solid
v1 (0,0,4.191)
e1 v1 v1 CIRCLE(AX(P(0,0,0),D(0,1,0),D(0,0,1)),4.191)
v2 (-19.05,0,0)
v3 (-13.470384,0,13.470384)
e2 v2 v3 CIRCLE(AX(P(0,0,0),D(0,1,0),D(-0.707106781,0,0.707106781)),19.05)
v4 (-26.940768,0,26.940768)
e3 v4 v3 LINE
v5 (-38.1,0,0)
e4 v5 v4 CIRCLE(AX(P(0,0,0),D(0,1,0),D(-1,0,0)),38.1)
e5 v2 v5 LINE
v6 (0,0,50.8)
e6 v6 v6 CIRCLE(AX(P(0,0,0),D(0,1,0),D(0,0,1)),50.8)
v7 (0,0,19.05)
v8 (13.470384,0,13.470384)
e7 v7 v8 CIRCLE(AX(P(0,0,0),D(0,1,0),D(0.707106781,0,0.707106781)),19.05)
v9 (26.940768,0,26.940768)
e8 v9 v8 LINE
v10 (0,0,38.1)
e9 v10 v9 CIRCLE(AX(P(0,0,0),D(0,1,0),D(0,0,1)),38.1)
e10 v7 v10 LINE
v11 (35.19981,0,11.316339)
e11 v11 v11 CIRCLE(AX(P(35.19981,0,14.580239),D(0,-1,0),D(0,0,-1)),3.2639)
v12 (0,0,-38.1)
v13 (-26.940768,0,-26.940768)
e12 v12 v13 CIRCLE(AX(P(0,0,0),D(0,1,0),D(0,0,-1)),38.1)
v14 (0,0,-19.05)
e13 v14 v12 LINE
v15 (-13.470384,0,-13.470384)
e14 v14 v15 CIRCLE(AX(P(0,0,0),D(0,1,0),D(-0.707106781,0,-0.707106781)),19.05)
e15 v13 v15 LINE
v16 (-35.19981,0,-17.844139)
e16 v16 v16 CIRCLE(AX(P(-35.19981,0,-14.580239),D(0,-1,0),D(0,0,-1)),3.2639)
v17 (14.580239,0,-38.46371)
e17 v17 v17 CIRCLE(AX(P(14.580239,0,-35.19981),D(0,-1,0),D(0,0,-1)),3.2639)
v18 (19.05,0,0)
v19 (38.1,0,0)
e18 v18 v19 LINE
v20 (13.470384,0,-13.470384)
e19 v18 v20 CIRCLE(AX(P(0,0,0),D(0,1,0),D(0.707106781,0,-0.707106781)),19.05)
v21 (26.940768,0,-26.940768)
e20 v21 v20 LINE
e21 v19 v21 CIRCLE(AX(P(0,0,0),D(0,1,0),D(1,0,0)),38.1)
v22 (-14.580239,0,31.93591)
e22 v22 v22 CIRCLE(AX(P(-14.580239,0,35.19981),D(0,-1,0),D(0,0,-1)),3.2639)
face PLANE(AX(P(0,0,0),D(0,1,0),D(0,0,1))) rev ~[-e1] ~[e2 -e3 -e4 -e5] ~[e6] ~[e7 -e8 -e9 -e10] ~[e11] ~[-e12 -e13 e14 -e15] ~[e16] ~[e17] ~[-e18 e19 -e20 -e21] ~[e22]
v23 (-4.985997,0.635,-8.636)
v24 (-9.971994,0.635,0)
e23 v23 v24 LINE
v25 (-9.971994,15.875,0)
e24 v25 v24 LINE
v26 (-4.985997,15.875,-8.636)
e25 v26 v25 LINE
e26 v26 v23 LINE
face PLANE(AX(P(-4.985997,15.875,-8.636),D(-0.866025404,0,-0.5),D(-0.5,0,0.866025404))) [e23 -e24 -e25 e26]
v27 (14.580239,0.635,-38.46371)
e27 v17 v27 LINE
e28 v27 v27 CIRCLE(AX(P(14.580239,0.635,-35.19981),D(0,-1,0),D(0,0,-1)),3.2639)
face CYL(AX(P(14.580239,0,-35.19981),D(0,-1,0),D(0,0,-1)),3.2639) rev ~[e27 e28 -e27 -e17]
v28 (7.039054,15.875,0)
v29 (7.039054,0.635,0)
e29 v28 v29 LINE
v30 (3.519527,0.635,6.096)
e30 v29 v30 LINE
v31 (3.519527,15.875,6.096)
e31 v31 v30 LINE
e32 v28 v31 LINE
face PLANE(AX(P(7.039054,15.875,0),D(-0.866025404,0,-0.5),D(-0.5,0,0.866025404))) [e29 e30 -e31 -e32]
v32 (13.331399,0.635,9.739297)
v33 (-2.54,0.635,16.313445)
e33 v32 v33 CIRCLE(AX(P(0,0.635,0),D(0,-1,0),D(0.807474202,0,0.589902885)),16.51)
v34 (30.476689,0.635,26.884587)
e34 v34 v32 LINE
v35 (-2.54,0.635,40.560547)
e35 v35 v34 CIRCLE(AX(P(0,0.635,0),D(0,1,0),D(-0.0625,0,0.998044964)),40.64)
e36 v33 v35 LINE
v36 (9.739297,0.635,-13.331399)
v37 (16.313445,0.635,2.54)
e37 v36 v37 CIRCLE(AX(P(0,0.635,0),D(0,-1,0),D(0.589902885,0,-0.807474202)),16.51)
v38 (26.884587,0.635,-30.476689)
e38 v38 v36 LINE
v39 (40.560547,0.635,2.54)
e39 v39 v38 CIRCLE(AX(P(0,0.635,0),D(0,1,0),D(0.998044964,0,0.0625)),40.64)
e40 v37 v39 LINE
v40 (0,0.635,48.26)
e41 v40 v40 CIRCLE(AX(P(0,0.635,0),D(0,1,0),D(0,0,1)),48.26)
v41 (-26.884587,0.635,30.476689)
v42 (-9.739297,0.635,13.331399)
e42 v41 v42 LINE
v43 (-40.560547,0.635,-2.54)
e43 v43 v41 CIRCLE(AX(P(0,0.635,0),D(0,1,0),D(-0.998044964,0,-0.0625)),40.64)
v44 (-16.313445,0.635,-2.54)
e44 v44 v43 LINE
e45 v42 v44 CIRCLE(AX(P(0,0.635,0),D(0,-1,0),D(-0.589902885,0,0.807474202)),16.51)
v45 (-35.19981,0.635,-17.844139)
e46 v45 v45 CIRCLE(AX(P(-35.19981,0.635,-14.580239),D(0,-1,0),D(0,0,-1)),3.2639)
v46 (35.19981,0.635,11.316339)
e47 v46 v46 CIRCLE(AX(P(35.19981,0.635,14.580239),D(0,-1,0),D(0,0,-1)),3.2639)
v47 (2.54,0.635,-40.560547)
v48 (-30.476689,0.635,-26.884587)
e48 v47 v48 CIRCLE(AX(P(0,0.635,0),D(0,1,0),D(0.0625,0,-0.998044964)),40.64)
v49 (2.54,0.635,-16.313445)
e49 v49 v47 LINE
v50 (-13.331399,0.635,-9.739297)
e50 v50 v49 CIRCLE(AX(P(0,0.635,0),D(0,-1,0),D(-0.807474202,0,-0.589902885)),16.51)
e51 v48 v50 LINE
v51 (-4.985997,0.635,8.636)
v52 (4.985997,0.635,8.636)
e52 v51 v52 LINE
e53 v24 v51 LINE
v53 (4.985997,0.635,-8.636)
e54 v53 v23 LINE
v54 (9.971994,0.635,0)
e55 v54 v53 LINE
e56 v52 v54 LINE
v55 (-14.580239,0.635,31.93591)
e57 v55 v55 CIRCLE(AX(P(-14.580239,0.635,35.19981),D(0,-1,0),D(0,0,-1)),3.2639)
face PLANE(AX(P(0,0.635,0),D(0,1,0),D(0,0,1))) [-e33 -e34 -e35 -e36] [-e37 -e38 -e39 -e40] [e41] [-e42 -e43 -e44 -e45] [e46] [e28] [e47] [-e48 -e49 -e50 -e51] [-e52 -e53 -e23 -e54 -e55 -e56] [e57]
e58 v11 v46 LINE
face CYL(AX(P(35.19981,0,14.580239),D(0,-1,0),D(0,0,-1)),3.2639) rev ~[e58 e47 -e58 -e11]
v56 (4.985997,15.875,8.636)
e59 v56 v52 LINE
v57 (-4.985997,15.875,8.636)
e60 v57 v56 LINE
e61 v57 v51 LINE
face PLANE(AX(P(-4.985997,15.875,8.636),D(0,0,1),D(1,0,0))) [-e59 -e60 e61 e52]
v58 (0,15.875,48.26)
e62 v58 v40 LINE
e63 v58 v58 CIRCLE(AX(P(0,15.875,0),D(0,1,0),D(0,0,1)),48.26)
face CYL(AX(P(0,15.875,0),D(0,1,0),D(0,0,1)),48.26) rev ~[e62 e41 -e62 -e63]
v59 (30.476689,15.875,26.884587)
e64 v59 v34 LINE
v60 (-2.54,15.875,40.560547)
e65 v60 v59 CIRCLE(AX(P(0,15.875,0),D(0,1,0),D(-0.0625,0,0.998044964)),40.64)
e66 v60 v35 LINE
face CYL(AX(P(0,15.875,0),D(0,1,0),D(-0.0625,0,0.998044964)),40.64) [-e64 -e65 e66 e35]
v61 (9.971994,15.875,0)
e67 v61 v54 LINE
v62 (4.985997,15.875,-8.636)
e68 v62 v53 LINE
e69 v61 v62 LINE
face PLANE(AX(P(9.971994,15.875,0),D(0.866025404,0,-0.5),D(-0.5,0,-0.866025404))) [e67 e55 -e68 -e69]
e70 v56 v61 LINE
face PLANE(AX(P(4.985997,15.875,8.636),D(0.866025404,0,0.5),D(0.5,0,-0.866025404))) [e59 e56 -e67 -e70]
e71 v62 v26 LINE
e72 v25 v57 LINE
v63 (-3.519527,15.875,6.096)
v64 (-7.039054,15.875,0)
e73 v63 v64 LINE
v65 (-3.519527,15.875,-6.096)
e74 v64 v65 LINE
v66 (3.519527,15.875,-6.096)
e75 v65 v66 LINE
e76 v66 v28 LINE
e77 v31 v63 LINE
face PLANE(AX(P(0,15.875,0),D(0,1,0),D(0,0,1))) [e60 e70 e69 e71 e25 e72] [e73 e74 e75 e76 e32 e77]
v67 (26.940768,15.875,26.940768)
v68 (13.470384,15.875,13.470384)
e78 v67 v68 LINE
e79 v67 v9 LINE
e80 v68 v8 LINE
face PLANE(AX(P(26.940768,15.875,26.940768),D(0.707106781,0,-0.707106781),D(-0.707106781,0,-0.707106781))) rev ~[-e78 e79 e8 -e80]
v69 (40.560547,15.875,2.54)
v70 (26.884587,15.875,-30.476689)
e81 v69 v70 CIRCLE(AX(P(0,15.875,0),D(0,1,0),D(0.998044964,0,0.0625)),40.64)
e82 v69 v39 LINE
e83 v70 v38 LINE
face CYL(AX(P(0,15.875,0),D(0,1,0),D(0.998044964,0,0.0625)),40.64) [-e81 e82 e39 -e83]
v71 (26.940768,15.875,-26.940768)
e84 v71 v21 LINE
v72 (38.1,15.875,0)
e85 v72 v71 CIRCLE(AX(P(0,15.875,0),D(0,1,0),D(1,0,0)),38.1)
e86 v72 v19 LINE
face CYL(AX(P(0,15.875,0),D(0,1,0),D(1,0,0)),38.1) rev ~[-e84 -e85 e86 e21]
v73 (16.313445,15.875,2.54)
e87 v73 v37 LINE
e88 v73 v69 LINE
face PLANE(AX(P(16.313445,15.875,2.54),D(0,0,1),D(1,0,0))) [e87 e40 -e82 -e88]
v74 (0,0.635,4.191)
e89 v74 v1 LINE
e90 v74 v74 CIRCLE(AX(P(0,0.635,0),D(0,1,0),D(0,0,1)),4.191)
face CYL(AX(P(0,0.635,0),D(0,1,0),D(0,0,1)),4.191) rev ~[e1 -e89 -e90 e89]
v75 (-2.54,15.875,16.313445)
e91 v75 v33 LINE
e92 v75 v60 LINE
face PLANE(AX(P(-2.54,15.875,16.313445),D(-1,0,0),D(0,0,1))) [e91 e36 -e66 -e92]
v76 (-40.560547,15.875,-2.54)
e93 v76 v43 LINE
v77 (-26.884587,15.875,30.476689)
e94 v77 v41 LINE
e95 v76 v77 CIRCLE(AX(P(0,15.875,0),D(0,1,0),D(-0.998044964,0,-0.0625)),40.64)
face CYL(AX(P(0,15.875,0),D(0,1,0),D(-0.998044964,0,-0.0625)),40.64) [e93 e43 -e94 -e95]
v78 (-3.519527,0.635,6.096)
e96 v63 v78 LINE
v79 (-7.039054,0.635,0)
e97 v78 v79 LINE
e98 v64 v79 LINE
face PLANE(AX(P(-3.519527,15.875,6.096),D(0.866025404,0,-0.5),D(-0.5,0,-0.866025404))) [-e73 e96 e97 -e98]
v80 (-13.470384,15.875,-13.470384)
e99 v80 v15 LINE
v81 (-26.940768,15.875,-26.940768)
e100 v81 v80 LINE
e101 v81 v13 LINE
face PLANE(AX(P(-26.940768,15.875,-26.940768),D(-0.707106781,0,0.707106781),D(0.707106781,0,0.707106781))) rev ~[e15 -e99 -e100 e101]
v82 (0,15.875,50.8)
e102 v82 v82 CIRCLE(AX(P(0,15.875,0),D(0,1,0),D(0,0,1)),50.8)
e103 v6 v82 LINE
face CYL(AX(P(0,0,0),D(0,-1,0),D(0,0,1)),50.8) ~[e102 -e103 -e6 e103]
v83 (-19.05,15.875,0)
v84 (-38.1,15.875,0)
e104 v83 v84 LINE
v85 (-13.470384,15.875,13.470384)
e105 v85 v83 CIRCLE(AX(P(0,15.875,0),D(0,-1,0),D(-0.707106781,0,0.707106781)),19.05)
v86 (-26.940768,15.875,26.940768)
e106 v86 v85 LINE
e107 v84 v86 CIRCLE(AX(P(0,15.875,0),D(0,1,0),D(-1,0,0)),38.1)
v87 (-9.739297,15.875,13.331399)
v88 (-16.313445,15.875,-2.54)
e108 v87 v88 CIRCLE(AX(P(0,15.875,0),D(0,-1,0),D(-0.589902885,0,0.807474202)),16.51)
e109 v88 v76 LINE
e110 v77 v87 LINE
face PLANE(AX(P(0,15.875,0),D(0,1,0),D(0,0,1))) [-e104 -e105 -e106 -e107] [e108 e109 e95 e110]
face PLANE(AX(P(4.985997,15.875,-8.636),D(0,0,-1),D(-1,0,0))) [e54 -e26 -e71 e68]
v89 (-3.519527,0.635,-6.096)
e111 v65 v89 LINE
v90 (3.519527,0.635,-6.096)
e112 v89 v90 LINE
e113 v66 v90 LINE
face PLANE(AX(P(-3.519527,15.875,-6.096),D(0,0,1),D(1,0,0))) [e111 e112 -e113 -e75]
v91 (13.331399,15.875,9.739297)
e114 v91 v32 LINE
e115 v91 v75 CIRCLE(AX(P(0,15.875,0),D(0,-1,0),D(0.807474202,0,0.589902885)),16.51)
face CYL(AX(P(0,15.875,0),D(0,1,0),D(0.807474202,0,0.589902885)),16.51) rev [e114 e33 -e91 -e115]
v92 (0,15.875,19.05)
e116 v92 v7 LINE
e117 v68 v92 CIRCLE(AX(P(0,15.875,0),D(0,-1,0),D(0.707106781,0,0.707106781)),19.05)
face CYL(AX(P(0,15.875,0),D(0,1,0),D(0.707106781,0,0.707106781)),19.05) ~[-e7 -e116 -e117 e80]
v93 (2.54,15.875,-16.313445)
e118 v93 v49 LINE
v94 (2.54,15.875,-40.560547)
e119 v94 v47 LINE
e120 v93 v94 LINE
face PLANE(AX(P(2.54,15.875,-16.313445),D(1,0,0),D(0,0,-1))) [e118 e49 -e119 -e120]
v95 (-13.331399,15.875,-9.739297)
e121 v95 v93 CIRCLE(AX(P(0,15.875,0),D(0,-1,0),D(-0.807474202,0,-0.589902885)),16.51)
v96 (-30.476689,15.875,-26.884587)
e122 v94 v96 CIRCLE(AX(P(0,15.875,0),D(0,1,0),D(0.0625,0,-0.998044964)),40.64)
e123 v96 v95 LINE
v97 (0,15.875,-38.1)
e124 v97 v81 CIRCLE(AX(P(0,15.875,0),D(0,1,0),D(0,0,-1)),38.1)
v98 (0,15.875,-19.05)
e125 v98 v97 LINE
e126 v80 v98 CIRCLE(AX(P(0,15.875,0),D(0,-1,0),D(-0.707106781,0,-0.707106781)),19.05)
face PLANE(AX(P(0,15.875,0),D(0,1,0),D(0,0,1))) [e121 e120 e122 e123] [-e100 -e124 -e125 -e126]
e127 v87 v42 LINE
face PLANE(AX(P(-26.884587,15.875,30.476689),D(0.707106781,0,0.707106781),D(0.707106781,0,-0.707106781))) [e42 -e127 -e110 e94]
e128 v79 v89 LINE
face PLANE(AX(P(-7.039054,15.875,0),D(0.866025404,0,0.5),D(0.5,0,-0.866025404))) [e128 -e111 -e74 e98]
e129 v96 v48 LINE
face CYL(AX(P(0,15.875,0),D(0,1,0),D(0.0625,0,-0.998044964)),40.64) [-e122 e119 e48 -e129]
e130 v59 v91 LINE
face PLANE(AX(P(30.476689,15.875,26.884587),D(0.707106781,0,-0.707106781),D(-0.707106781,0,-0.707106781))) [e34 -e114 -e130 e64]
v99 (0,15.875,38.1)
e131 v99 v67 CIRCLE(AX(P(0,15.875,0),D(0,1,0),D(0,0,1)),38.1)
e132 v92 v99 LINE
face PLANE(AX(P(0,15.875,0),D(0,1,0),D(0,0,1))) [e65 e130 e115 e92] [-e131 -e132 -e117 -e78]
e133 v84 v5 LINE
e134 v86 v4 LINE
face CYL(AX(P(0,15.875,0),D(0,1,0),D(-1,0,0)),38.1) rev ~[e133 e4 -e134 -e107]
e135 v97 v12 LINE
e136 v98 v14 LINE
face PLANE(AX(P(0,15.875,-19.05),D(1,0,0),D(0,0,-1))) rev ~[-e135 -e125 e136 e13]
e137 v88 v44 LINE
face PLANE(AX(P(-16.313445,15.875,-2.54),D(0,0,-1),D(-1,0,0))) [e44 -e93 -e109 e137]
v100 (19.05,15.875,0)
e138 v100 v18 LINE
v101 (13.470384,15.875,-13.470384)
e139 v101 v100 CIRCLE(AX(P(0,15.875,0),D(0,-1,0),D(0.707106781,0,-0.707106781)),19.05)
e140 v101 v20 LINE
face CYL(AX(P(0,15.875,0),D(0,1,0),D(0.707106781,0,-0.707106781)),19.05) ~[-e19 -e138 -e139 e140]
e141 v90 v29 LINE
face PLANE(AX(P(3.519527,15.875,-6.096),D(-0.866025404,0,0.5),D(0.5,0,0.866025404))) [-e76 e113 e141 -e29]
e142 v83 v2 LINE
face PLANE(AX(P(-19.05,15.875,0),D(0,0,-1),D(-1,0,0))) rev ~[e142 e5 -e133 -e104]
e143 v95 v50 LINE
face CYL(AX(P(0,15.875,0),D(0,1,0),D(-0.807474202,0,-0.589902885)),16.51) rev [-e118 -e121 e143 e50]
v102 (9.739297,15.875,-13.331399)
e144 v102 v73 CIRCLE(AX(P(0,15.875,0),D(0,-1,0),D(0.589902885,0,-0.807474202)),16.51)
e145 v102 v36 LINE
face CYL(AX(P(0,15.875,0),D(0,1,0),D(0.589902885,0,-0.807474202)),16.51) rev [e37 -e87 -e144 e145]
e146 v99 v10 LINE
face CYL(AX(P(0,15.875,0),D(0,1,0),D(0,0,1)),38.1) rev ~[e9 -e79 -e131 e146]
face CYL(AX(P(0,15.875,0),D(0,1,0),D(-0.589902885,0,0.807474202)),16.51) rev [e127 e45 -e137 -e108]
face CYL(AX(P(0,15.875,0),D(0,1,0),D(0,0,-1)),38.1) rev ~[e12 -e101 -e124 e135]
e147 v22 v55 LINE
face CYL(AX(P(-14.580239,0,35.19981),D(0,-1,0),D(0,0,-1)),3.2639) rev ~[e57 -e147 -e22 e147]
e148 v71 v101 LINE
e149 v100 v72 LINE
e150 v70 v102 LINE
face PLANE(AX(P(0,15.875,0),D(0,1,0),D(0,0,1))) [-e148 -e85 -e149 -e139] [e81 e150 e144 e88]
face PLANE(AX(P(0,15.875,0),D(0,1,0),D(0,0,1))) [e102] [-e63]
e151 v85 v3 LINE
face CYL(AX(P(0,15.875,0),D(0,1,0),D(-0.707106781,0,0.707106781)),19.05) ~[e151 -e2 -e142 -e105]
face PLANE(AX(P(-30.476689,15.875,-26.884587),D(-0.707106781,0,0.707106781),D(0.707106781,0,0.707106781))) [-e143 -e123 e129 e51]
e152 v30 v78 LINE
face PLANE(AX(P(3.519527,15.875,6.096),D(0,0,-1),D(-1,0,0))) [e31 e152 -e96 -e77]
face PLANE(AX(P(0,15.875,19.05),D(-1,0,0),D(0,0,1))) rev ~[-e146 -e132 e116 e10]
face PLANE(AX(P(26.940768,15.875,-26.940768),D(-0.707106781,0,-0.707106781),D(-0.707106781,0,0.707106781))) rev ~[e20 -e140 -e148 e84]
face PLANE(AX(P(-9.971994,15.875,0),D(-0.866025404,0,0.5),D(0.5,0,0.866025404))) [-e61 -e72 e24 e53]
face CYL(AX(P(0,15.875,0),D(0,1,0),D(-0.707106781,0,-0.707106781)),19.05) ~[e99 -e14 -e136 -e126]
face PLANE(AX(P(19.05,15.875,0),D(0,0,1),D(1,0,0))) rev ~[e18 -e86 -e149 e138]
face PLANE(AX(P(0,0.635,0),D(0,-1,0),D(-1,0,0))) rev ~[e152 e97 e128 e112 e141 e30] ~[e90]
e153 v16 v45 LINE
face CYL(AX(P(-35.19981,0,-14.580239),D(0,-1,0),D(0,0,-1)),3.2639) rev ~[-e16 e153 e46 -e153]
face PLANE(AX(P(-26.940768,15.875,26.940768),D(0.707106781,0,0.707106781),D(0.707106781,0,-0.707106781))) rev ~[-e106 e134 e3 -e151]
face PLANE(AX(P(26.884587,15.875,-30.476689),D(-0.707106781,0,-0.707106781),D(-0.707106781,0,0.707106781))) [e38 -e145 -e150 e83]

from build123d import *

# Parameters (mm, degrees)
SKETCH1_R           = 50.8
BOSS_EXTRUDE1_DEPTH = 15.875
CUT_EXTRUDE2_DEPTH  = 15.24
SKETCH5_R           = 4.191
CUT_EXTRUDE3_DEPTH  = 74.440708058
CUT_EXTRUDE4_DEPTH  = 74.575101937
SKETCH7_R           = 48.26
CUT_EXTRUDE5_DEPTH  = 15.24
SKETCH8_R           = 3.2639
CUT_EXTRUDE6_DEPTH  = 74.575101937


with BuildPart() as part:
    # Sketch1 → Boss-Extrude1 (new body)
    with BuildSketch(Plane(origin=(0, 0, 0), x_dir=(1, 0, 0), z_dir=(0, 1, 0))):
        with Locations(Location((0, 0, 0), (0, 0, 270))):
            Circle(SKETCH1_R)
    extrude(amount=BOSS_EXTRUDE1_DEPTH)

    # Sketch4 → Cut-Extrude2 (cut)
    with BuildSketch(Plane(origin=(0, 15.875, 0), x_dir=(1, 0, 0), z_dir=(0, 1, 0))):
        Polygon((-3.519527241, 6.096), (3.519527241, 6.096), (7.039054482, 0), (3.519527241, -6.096), (-3.519527241, -6.096), (-7.039054482, 0), align=None)
    extrude(amount=-CUT_EXTRUDE2_DEPTH, mode=Mode.SUBTRACT)

    # Sketch5 → Cut-Extrude3 (cut, through all)
    with BuildSketch(Plane(origin=(0, 0.635, 0), x_dir=(1, 0, 0), z_dir=(0, 1, 0))):
        with Locations(Location((0, 0, 0), (0, 0, 270))):
            Circle(SKETCH5_R)
    extrude(amount=-CUT_EXTRUDE3_DEPTH, mode=Mode.SUBTRACT)

    # Sketch6 → Cut-Extrude4 (cut, through all)
    with BuildSketch(Plane(origin=(0, 15.875, 0), x_dir=(1, 0, 0), z_dir=(0, 1, 0))):
        with BuildLine():
            ThreePointArc((-13.470384182, 13.470384182), (-7.290119387, 17.599905094), (0, 19.05))
            Line((0, 19.05), (0, 38.1))
            ThreePointArc((0, 38.1), (-14.580238773, 35.199810189), (-26.940768363, 26.940768363))
            Line((-26.940768363, 26.940768363), (-13.470384182, 13.470384182))
        make_face()
        with BuildLine():
            Line((26.940768363, 26.940768363), (13.470384182, 13.470384182))
            ThreePointArc((13.470384182, 13.470384182), (17.599905094, 7.290119387), (19.05, 0))
            Line((19.05, 0), (38.1, 0))
            ThreePointArc((38.1, 0), (35.199810189, 14.580238773), (26.940768363, 26.940768363))
        make_face()
        with BuildLine():
            Line((26.940768363, -26.940768363), (13.470384182, -13.470384182))
            ThreePointArc((13.470384182, -13.470384182), (7.290119387, -17.599905094), (0, -19.05))
            Line((0, -19.05), (0, -38.1))
            ThreePointArc((0, -38.1), (14.580238773, -35.199810189), (26.940768363, -26.940768363))
        make_face()
        with BuildLine():
            Line((-26.940768363, -26.940768363), (-13.470384182, -13.470384182))
            ThreePointArc((-13.470384182, -13.470384182), (-17.599905094, -7.290119387), (-19.05, 0))
            Line((-19.05, 0), (-38.1, 0))
            ThreePointArc((-38.1, 0), (-35.199810189, -14.580238773), (-26.940768363, -26.940768363))
        make_face()
    extrude(amount=-CUT_EXTRUDE4_DEPTH, mode=Mode.SUBTRACT)

    # Sketch7 → Cut-Extrude5 (cut)
    with BuildSketch(Plane(origin=(0, 15.875, 0), x_dir=(1, 0, 0), z_dir=(0, 1, 0))):
        with Locations(Location((0, 0, 0), (0, 0, 270))):
            Circle(SKETCH7_R)
        with BuildLine():
            Line((-16.313445375, 2.54), (-40.560547334, 2.54))
            ThreePointArc((-40.560547334, 2.54), (-37.546464201, -15.552254691), (-26.884586844, -30.476689292))
            Line((-26.884586844, -30.476689292), (-9.739296625, -13.331399073))
            ThreePointArc((-9.739296625, -13.331399073), (-15.253251082, -6.318103468), (-16.313445375, 2.54))
        make_face(mode=Mode.SUBTRACT)
        with BuildLine():
            Line((16.313445375, -2.54), (40.560547334, -2.54))
            ThreePointArc((40.560547334, -2.54), (37.546464201, 15.552254691), (26.884586844, 30.476689292))
            Line((26.884586844, 30.476689292), (9.739296625, 13.331399073))
            ThreePointArc((9.739296625, 13.331399073), (15.253251082, 6.318103468), (16.313445375, -2.54))
        make_face(mode=Mode.SUBTRACT)
        Polygon((4.985996925, 8.636), (-4.985996925, 8.636), (-9.971993849, 0), (-4.985996925, -8.636), (4.985996925, -8.636), (9.971993849, 0), align=None, mode=Mode.SUBTRACT)
        with BuildLine():
            ThreePointArc((2.54, 40.560547334), (-15.552254691, 37.546464201), (-30.476689292, 26.884586844))
            Line((-30.476689292, 26.884586844), (-13.331399073, 9.739296625))
            ThreePointArc((-13.331399073, 9.739296625), (-6.318103468, 15.253251082), (2.54, 16.313445375))
            Line((2.54, 16.313445375), (2.54, 40.560547334))
        make_face(mode=Mode.SUBTRACT)
        with BuildLine():
            Line((-2.54, -16.313445375), (-2.54, -40.560547334))
            ThreePointArc((-2.54, -40.560547334), (15.552254691, -37.546464201), (30.476689292, -26.884586844))
            Line((30.476689292, -26.884586844), (13.331399073, -9.739296625))
            ThreePointArc((13.331399073, -9.739296625), (6.318103468, -15.253251082), (-2.54, -16.313445375))
        make_face(mode=Mode.SUBTRACT)
    extrude(amount=-CUT_EXTRUDE5_DEPTH, mode=Mode.SUBTRACT)

    # Sketch8 → Cut-Extrude6 (cut, through all)
    with BuildSketch(Plane.XZ):
        with Locations(Location((-35.199810189, -14.580238773, 0), (0, 0, 270))):
            Circle(SKETCH8_R)
        with Locations(Location((35.199810189, 14.580238773, 0), (0, 0, 270))):
            Circle(SKETCH8_R)
        with Locations(Location((14.580238773, -35.199810189, 0), (0, 0, 270))):
            Circle(SKETCH8_R)
        with Locations(Location((-14.580238773, 35.199810189, 0), (0, 0, 270))):
            Circle(SKETCH8_R)
    extrude(amount=-CUT_EXTRUDE6_DEPTH, mode=Mode.SUBTRACT)


solid = part.part
